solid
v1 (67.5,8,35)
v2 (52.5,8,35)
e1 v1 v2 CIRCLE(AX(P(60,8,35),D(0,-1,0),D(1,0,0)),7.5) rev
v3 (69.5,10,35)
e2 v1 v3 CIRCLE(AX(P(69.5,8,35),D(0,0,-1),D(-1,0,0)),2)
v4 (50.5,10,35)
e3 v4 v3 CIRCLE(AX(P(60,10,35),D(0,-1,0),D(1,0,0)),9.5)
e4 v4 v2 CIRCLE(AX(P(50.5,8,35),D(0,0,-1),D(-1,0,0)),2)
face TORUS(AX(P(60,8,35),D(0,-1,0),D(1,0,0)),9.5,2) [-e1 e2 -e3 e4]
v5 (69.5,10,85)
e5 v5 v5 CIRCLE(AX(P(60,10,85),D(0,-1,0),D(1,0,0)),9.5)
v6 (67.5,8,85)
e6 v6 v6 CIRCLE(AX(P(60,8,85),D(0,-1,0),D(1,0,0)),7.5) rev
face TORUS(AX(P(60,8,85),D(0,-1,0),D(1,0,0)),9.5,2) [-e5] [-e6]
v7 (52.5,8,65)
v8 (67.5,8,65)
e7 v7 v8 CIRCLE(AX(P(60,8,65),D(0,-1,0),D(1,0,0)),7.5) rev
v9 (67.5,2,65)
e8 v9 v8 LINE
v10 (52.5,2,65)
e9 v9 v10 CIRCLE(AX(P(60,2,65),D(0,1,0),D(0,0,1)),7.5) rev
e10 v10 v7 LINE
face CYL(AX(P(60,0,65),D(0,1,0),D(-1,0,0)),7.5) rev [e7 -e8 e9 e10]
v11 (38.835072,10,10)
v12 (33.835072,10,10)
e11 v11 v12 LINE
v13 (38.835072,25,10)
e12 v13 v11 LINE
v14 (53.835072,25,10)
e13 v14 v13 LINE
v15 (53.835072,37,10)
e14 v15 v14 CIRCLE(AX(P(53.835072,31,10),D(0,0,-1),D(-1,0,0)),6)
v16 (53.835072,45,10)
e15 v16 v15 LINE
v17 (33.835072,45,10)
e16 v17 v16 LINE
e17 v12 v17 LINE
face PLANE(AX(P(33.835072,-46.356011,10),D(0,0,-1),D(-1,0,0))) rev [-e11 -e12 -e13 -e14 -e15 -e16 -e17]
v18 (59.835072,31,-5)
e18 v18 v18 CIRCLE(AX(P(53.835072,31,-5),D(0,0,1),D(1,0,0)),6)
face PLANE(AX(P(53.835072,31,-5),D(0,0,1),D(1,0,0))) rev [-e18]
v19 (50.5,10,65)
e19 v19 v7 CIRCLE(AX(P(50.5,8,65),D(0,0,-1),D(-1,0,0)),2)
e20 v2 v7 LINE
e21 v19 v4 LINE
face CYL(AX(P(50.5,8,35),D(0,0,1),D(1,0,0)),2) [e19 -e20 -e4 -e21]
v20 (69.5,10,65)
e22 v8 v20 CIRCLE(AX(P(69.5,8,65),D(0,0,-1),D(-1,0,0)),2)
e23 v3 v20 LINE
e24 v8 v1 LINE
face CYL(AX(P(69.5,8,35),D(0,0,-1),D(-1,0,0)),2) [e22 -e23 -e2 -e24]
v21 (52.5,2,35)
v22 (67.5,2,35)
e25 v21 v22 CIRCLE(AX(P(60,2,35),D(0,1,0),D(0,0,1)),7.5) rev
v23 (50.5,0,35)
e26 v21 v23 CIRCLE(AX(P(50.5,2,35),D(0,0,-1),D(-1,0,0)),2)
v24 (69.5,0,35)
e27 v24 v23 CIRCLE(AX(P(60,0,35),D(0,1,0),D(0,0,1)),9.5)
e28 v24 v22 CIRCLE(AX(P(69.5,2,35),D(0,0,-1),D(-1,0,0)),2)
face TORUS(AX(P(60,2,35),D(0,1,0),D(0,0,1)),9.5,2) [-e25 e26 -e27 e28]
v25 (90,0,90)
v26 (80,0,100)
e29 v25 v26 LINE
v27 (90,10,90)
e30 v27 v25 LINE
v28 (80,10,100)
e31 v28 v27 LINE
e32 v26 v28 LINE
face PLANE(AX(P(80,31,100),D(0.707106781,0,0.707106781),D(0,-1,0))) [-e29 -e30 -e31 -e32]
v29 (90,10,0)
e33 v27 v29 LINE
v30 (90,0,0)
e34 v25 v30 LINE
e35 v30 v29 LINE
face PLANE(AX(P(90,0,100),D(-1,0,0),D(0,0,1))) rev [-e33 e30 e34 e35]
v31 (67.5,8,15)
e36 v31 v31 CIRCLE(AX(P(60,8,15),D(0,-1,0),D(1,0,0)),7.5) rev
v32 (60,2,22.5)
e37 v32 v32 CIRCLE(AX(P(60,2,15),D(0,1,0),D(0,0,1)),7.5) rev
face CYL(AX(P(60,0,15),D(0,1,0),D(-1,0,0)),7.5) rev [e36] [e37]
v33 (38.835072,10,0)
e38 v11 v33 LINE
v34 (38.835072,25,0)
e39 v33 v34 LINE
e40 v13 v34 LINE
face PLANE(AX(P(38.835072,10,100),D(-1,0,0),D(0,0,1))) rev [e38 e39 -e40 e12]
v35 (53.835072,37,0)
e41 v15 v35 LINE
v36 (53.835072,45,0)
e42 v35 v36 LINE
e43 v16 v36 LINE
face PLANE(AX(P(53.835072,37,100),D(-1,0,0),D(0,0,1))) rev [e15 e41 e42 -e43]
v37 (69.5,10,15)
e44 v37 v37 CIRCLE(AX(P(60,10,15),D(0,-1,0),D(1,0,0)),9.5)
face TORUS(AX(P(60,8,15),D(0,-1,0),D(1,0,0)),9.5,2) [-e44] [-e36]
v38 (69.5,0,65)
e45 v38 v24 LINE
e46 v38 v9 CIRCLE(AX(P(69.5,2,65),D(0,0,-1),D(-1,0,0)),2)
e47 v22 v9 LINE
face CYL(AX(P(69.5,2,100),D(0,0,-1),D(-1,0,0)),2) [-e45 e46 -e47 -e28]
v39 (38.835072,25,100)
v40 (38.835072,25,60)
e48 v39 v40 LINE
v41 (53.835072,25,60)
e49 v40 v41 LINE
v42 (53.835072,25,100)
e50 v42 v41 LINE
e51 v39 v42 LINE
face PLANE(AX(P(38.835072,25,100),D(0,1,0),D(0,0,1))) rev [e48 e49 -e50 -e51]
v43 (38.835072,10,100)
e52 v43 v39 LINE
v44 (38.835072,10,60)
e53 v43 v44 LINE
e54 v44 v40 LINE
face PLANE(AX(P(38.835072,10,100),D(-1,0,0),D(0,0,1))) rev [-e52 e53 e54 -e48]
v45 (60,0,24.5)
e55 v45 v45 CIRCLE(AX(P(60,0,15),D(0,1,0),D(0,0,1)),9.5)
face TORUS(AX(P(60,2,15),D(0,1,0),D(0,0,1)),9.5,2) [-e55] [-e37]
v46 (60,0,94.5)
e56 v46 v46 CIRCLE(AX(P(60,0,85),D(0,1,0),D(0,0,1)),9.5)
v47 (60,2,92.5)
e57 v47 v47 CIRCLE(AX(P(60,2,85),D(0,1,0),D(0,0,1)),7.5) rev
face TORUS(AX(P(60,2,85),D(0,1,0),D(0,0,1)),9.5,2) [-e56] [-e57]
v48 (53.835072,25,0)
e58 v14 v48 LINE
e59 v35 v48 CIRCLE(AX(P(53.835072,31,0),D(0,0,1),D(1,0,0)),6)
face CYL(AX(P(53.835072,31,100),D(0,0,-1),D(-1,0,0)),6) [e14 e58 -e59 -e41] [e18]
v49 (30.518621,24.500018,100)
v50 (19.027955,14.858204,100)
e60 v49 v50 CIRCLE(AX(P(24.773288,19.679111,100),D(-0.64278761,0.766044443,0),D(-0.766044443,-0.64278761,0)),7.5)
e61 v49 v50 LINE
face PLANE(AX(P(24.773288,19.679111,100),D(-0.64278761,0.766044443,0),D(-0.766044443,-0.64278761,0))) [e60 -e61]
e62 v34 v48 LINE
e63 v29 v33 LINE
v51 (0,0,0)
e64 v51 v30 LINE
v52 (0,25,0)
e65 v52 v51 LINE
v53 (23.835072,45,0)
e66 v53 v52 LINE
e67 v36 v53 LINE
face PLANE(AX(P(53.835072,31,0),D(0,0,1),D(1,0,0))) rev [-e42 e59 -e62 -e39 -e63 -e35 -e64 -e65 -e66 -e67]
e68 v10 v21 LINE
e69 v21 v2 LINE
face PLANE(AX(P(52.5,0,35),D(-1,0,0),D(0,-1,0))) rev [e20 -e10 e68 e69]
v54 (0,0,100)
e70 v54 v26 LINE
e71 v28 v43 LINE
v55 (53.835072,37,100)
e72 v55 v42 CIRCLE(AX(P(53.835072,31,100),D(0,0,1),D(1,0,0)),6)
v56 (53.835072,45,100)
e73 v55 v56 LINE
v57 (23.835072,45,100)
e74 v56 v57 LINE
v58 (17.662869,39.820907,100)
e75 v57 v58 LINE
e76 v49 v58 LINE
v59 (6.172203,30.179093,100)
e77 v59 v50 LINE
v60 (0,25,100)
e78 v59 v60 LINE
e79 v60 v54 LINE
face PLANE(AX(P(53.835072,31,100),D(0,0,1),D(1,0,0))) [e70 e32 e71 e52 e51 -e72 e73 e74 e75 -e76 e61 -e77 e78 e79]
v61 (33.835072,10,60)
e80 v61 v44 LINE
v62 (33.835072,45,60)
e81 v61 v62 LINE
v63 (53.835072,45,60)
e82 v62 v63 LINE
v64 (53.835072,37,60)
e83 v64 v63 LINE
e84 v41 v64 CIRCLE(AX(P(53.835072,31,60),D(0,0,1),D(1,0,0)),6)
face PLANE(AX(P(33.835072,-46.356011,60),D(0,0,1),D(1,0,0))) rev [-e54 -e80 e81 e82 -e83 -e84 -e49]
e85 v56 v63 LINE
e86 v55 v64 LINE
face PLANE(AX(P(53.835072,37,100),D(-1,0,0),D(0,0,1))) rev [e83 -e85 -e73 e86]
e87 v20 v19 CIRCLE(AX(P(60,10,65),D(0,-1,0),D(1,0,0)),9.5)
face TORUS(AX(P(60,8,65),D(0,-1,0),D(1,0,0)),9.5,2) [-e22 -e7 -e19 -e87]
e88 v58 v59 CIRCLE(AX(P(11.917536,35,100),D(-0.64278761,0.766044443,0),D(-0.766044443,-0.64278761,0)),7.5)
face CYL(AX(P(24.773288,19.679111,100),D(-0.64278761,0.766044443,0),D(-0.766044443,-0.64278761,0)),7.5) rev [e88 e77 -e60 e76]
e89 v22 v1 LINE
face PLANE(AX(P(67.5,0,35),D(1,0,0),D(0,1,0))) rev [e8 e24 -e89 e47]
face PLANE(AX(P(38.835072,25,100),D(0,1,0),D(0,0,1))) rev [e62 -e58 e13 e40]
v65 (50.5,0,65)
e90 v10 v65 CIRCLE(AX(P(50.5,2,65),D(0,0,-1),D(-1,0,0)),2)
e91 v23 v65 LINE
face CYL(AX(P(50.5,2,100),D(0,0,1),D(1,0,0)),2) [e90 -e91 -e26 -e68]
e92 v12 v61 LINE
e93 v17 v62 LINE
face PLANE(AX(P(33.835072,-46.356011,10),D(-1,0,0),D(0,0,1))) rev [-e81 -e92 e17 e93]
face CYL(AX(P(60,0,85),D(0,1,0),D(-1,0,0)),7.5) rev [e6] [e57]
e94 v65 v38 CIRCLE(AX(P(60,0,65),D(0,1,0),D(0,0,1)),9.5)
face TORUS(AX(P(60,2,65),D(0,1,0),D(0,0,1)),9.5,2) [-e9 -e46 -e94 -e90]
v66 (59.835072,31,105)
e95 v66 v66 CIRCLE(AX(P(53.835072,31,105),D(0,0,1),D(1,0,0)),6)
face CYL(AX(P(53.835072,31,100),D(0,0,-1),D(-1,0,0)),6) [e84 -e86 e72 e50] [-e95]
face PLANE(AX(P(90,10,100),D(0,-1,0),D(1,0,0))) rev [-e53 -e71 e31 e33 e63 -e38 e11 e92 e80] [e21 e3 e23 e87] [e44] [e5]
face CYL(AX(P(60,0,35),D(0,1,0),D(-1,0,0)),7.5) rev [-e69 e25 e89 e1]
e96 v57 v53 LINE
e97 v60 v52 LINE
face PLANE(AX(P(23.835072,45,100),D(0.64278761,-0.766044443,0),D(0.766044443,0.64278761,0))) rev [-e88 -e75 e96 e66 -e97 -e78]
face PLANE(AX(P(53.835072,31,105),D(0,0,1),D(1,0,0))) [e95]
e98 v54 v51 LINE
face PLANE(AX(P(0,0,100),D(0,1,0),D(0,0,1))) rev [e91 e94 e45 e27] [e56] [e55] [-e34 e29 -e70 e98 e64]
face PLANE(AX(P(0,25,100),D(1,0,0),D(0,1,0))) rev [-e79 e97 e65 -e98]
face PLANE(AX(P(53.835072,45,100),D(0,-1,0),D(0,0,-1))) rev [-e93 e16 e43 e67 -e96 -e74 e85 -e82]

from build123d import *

# Parameters (mm, degrees)
DODANIE_WYCI_GNI_CIE1_DEPTH      = 100
SFAZOWANIE1_SIZE                 = 10
SZKIC3_R                         = 6
DODANIE_WYCI_GNI_CIE2_DEPTH      = 5
DODANIE_WYCI_GNI_CIE2_DEPTH_BACK = 105
SZKIC4_W                         = 26
SZKIC4_H                         = 50
WYTNIJ_WYCI_GNI_CIE1_DEPTH       = 35
SZKIC5_R                         = 7.5
WYTNIJ_WYCI_GNI_CIE3_DEPTH       = 11
ZAOKR_GLENIE2_R                  = 2
SZKIC6_R                         = 7.5
WYTNIJ_WYCI_GNI_CIE5_DEPTH       = 20


with BuildPart() as part:
    # Szkic2 → Dodanie-wyciągnięcie1 (new body)
    with BuildSketch(Plane.XY):
        with BuildLine():
            Line((0, 0), (90, 0))
            Line((90, 0), (90, 10))
            Line((90, 10), (38.835071852, 10))
            Line((38.835071852, 10), (38.835071852, 25))
            Line((38.835071852, 25), (53.835071852, 25))
            ThreePointArc((53.835071852, 25), (59.835071852, 31), (53.835071852, 37))
            Line((53.835071852, 37), (53.835071852, 45))
            Line((53.835071852, 45), (23.835071852, 45))
            Line((23.835071852, 45), (0, 25))
            Line((0, 25), (0, 0))
        make_face()
    extrude(amount=DODANIE_WYCI_GNI_CIE1_DEPTH)

    # Sfazowanie1
    sfazowanie1_edges = [part.edges().sort_by_distance(p)[0] for p in [
        (90, 5, 100),
    ]]
    chamfer(sfazowanie1_edges, length=SFAZOWANIE1_SIZE)

    # Szkic3 → Dodanie-wyciągnięcie2 (add, two sides)
    with BuildSketch(Plane.XY.offset(100)) as dodanie_wyci_gni_cie2_sk:
        with Locations((53.835071852, 31)):
            Circle(SZKIC3_R)
    extrude(amount=DODANIE_WYCI_GNI_CIE2_DEPTH)
    extrude(dodanie_wyci_gni_cie2_sk.sketch, amount=-DODANIE_WYCI_GNI_CIE2_DEPTH_BACK)

    # Szkic4 → Wytnij-wyciągnięcie1 (cut)
    with BuildSketch(Plane(origin=(0, 45, 0), x_dir=(1, 0, 0), z_dir=(0, 1, 0))):
        with Locations((46.835071852, -35)):
            Rectangle(SZKIC4_W, SZKIC4_H)
    extrude(amount=-WYTNIJ_WYCI_GNI_CIE1_DEPTH, mode=Mode.SUBTRACT)

    # Szkic5 → Wytnij-wyciągnięcie3 (cut, through all)
    with BuildSketch(Plane(origin=(0, 10, 0), x_dir=(1, 0, 0), z_dir=(0, 1, 0))):
        with Locations((60, -15)):
            Circle(SZKIC5_R)
        with Locations((60, -85)):
            Circle(SZKIC5_R)
        with BuildLine():
            Line((52.5, -35), (52.5, -65))
            ThreePointArc((52.5, -65), (60, -72.5), (67.5, -65))
            Line((67.5, -65), (67.5, -35))
            ThreePointArc((67.5, -35), (60, -27.5), (52.5, -35))
        make_face()
    extrude(amount=-WYTNIJ_WYCI_GNI_CIE3_DEPTH, mode=Mode.SUBTRACT)

    # Zaokrąglenie2
    zaokr_glenie2_edges = [part.edges().sort_by_distance(p)[0] for p in [
        (52.5, 0, 15),
        (52.5, 10, 15),
        (52.5, 0, 85),
        (52.5, 10, 85),
        (60, 0, 27.5),
        (67.5, 0, 50),
        (60, 0, 72.5),
        (52.5, 0, 50),
        (60, 10, 27.5),
        (52.5, 10, 50),
        (60, 10, 72.5),
        (67.5, 10, 50),
    ]]
    fillet(zaokr_glenie2_edges, radius=ZAOKR_GLENIE2_R)

    # Szkic6 → Wytnij-wyciągnięcie5 (cut)
    with BuildSketch(Plane(origin=(-12.310096913, 14.670602221, 0), x_dir=(0.766044443, 0.64278761, 0), z_dir=(-0.64278761, 0.766044443, 0))):
        with Locations((31.626928511, -100)):
            Circle(SZKIC6_R)
    extrude(amount=-WYTNIJ_WYCI_GNI_CIE5_DEPTH, mode=Mode.SUBTRACT)


solid = part.part
